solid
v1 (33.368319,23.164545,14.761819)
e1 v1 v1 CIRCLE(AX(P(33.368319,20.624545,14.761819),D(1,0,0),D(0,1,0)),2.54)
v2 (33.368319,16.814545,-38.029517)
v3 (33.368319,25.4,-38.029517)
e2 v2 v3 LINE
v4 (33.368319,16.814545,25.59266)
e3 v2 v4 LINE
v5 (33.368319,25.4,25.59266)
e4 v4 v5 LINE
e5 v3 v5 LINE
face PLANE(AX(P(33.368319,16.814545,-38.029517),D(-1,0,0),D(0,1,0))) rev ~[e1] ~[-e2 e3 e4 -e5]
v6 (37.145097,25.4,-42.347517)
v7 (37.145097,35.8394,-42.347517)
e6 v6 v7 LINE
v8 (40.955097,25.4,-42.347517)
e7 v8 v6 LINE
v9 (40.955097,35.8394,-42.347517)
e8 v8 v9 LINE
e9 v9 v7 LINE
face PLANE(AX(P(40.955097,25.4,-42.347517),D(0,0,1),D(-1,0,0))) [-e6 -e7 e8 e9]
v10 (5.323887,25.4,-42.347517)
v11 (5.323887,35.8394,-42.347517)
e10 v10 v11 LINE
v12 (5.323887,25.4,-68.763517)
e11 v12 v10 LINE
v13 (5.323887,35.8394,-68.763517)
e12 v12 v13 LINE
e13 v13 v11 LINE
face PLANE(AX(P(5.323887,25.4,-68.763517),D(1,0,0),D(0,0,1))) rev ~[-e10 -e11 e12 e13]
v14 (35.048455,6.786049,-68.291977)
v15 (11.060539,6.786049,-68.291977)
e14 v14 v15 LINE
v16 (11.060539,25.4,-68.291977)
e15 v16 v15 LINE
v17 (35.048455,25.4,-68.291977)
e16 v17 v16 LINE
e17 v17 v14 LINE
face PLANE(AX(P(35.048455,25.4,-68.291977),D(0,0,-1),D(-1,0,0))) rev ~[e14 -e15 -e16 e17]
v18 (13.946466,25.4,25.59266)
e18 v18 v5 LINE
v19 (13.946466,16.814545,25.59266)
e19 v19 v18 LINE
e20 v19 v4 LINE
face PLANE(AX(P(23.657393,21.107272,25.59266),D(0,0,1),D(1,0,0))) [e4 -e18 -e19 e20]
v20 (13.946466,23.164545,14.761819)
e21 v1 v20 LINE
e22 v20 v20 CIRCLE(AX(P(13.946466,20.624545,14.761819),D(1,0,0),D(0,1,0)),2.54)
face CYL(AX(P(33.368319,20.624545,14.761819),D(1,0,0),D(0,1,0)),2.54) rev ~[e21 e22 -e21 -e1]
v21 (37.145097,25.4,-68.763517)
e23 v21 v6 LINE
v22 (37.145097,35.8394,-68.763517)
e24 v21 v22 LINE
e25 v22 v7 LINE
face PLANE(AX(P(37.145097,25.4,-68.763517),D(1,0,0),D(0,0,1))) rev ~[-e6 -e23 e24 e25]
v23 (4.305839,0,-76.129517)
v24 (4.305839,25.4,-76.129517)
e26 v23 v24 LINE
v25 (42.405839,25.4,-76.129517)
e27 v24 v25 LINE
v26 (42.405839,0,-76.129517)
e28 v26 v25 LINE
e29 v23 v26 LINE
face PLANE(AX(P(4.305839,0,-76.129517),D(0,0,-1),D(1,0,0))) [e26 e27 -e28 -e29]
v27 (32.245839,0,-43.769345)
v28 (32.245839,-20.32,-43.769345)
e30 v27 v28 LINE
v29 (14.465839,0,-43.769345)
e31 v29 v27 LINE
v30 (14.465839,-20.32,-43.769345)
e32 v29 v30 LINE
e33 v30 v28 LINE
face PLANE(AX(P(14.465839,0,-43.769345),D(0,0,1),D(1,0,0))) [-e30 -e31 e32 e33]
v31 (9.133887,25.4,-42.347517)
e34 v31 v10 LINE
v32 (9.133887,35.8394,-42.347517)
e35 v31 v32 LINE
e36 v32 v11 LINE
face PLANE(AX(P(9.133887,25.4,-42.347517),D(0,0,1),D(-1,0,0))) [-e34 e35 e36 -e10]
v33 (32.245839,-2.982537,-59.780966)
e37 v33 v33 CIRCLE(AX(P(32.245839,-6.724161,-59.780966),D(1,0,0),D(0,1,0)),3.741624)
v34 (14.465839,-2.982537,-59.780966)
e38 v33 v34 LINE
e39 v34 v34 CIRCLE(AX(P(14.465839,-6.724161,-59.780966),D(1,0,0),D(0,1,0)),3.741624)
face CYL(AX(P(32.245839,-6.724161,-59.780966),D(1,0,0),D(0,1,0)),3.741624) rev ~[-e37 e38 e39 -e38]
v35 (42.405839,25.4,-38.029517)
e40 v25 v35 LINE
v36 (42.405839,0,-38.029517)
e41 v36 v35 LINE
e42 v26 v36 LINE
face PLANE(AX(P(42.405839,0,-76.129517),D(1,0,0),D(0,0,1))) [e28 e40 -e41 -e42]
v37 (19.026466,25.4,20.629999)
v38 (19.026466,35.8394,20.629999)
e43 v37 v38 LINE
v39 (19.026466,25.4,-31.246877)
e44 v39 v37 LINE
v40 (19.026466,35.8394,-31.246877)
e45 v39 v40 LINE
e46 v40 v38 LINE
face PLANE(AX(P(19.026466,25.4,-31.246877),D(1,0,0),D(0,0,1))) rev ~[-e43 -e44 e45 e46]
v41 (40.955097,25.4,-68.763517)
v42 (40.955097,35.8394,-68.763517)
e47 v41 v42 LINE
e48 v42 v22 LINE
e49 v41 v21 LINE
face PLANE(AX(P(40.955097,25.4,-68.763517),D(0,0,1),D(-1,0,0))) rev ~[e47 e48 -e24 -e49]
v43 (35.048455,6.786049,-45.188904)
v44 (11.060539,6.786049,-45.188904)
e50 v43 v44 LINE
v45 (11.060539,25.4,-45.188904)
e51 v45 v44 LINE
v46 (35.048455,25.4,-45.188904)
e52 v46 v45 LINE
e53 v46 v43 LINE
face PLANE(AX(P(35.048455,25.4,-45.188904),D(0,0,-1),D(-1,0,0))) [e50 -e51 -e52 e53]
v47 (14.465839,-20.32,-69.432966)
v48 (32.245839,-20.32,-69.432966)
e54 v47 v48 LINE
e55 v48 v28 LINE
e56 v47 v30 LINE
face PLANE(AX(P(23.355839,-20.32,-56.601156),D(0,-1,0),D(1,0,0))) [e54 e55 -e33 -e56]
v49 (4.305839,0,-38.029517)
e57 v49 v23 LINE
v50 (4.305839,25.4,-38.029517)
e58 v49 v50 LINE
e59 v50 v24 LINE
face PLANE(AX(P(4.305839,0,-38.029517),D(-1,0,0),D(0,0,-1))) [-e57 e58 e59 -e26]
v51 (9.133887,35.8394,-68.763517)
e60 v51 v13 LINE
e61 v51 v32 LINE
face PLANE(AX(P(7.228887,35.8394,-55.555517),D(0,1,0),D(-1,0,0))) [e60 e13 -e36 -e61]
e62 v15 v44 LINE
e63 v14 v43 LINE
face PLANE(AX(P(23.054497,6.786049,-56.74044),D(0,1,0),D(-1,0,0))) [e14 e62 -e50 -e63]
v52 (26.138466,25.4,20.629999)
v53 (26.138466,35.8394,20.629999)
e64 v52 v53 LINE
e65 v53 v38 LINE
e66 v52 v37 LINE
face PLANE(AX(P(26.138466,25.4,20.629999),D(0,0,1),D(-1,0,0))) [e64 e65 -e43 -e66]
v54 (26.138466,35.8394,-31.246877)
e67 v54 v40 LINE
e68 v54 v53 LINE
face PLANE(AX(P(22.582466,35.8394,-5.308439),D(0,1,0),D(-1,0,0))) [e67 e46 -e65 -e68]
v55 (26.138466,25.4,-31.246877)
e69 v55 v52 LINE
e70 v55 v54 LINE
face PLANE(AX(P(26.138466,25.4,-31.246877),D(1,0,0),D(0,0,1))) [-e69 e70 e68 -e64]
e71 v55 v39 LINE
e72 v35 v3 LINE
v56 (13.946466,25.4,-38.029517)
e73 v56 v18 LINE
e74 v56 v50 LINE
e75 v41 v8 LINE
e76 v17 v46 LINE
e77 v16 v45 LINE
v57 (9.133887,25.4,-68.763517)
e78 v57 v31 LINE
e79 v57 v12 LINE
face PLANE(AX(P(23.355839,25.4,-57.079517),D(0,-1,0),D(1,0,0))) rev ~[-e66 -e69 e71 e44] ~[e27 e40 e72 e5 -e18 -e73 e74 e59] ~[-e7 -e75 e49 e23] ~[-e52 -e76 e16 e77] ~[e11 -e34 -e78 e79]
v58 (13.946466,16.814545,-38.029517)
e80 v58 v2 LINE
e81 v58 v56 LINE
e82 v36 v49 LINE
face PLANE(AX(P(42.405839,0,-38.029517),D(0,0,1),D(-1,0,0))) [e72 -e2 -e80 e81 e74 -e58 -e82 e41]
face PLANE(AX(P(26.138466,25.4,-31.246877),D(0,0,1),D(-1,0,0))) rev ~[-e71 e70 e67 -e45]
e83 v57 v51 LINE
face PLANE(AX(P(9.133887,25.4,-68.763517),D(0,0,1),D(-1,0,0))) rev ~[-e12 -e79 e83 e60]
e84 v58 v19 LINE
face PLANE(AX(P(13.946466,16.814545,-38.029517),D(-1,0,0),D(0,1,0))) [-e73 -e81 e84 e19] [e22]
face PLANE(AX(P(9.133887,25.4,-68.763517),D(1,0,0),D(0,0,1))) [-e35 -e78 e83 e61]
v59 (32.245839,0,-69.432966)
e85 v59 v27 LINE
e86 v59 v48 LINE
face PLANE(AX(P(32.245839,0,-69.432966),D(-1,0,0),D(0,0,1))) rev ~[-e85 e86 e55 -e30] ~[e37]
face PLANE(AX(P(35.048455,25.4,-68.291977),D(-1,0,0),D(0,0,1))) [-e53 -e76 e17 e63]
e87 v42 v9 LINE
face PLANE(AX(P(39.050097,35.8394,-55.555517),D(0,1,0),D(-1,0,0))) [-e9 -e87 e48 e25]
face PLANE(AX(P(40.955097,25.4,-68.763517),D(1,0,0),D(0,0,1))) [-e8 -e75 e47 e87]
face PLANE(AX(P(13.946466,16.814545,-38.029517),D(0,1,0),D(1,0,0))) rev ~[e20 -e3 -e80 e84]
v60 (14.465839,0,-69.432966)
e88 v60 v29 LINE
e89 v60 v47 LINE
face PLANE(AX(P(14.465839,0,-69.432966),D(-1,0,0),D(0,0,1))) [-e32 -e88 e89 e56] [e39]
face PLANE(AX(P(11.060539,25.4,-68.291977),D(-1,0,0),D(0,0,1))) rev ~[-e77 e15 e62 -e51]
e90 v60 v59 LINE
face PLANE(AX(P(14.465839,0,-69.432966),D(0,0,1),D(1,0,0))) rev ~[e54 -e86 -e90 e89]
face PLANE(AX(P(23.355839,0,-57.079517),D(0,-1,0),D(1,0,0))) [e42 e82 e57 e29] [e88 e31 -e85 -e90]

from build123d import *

# Parameters (mm, degrees)
F0_R       = 12.7
F1_DEPTH   = 25.4
F2_W       = 19.4218531251
F2_H       = 8.5854552031
F3_DEPTH   = 63.6221766472
F4_W       = 23.9879162983
F4_H       = 23.1030732393
F1_FACE1_W = 38.1
F1_FACE1_H = 38.1
F5_DEPTH   = 18.6139512807
F6_R       = 2.54
F7_DEPTH   = 25.4
F8_W       = 3.81
F8_H       = 26.416
F9_DEPTH   = 10.4394
F10_W      = 17.78
F10_H      = 25.6636217237
F11_DEPTH  = 20.32
F12_R      = 3.7416241703
F13_DEPTH  = 25.4
F14_W      = 7.112
F14_H      = 51.8768767775
F15_DEPTH  = 10.4394


with BuildPart() as f1:
    # F0 (on Front) → F1 (new body)
    with BuildSketch(Plane.XZ):
        Polygon((42.4058387152, -38.0295165001), (4.3058387152, -38.0295165001), (4.3058387152, -76.1295165001), (42.4058387152, -76.1295165001), (42.4058387152, -57.0795165001), align=None)
        with Locations((29.7058387152, -57.0795165001)):
            Circle(F0_R, mode=Mode.SUBTRACT)
        with Locations((29.7058387152, -57.0795165001)):
            Circle(F0_R)
    extrude(amount=-F1_DEPTH)

    # F2 (on face) → F3 (join)
    with BuildSketch(Plane.XY.offset(-38.0295165001)):
        with Locations((23.6573927104, 21.1072723985)):
            Rectangle(F2_W, F2_H)
    extrude(amount=F3_DEPTH)

    # F4 (on face) + F1_face1 (on face) → F5 (cut)
    with BuildSketch(Plane(origin=(0, 25.4, 0), x_dir=(-1, 0, 0), z_dir=(0, 1, 0))):
        with Locations((-23.0544968509, -56.7404404283)):
            Rectangle(F4_W, F4_H)
    with BuildSketch(Plane(origin=(23.3558387152, 0, -57.0795165001), x_dir=(1, 0, 0), z_dir=(0, -1, 0))):
        Rectangle(F1_FACE1_W, F1_FACE1_H)
    extrude(amount=-F5_DEPTH, dir=(0, 1, 0), mode=Mode.SUBTRACT)

    # F6 (on face) → F7 (cut)
    with BuildSketch(Plane.YZ.offset(33.368319273)):
        with Locations((20.6245447969, 14.7618185729)):
            Circle(F6_R)
    extrude(amount=-F7_DEPTH, mode=Mode.SUBTRACT)

    # F8 (on face) → F9 (join)
    with BuildSketch(Plane(origin=(0, 25.4, 0), x_dir=(-1, 0, 0), z_dir=(0, 1, 0))):
        with Locations((-7.2288869413, -55.5555165001)):
            Rectangle(F8_W, F8_H)
        with Locations((-39.0500968931, -55.5555165001)):
            Rectangle(F8_W, F8_H)
    extrude(amount=F9_DEPTH)

    # F10 (on face) → F11 (join)
    with BuildSketch(Plane.XZ):
        with Locations((23.3558387152, -56.6011555493)):
            Rectangle(F10_W, F10_H)
    extrude(amount=F11_DEPTH)

    # F12 (on face) → F13 (cut)
    with BuildSketch(Plane.YZ.offset(32.2458387152)):
        with Locations((-6.7241610959, -59.7809664111)):
            Circle(F12_R)
    extrude(amount=-F13_DEPTH, mode=Mode.SUBTRACT)

    # F14 (on face) → F15 (join)
    with BuildSketch(Plane(origin=(0, 25.4, 0), x_dir=(-1, 0, 0), z_dir=(0, 1, 0))):
        with Locations((-22.5824661479, -5.3084390238)):
            Rectangle(F14_W, F14_H)
    extrude(amount=F15_DEPTH)


solid = f1.part
